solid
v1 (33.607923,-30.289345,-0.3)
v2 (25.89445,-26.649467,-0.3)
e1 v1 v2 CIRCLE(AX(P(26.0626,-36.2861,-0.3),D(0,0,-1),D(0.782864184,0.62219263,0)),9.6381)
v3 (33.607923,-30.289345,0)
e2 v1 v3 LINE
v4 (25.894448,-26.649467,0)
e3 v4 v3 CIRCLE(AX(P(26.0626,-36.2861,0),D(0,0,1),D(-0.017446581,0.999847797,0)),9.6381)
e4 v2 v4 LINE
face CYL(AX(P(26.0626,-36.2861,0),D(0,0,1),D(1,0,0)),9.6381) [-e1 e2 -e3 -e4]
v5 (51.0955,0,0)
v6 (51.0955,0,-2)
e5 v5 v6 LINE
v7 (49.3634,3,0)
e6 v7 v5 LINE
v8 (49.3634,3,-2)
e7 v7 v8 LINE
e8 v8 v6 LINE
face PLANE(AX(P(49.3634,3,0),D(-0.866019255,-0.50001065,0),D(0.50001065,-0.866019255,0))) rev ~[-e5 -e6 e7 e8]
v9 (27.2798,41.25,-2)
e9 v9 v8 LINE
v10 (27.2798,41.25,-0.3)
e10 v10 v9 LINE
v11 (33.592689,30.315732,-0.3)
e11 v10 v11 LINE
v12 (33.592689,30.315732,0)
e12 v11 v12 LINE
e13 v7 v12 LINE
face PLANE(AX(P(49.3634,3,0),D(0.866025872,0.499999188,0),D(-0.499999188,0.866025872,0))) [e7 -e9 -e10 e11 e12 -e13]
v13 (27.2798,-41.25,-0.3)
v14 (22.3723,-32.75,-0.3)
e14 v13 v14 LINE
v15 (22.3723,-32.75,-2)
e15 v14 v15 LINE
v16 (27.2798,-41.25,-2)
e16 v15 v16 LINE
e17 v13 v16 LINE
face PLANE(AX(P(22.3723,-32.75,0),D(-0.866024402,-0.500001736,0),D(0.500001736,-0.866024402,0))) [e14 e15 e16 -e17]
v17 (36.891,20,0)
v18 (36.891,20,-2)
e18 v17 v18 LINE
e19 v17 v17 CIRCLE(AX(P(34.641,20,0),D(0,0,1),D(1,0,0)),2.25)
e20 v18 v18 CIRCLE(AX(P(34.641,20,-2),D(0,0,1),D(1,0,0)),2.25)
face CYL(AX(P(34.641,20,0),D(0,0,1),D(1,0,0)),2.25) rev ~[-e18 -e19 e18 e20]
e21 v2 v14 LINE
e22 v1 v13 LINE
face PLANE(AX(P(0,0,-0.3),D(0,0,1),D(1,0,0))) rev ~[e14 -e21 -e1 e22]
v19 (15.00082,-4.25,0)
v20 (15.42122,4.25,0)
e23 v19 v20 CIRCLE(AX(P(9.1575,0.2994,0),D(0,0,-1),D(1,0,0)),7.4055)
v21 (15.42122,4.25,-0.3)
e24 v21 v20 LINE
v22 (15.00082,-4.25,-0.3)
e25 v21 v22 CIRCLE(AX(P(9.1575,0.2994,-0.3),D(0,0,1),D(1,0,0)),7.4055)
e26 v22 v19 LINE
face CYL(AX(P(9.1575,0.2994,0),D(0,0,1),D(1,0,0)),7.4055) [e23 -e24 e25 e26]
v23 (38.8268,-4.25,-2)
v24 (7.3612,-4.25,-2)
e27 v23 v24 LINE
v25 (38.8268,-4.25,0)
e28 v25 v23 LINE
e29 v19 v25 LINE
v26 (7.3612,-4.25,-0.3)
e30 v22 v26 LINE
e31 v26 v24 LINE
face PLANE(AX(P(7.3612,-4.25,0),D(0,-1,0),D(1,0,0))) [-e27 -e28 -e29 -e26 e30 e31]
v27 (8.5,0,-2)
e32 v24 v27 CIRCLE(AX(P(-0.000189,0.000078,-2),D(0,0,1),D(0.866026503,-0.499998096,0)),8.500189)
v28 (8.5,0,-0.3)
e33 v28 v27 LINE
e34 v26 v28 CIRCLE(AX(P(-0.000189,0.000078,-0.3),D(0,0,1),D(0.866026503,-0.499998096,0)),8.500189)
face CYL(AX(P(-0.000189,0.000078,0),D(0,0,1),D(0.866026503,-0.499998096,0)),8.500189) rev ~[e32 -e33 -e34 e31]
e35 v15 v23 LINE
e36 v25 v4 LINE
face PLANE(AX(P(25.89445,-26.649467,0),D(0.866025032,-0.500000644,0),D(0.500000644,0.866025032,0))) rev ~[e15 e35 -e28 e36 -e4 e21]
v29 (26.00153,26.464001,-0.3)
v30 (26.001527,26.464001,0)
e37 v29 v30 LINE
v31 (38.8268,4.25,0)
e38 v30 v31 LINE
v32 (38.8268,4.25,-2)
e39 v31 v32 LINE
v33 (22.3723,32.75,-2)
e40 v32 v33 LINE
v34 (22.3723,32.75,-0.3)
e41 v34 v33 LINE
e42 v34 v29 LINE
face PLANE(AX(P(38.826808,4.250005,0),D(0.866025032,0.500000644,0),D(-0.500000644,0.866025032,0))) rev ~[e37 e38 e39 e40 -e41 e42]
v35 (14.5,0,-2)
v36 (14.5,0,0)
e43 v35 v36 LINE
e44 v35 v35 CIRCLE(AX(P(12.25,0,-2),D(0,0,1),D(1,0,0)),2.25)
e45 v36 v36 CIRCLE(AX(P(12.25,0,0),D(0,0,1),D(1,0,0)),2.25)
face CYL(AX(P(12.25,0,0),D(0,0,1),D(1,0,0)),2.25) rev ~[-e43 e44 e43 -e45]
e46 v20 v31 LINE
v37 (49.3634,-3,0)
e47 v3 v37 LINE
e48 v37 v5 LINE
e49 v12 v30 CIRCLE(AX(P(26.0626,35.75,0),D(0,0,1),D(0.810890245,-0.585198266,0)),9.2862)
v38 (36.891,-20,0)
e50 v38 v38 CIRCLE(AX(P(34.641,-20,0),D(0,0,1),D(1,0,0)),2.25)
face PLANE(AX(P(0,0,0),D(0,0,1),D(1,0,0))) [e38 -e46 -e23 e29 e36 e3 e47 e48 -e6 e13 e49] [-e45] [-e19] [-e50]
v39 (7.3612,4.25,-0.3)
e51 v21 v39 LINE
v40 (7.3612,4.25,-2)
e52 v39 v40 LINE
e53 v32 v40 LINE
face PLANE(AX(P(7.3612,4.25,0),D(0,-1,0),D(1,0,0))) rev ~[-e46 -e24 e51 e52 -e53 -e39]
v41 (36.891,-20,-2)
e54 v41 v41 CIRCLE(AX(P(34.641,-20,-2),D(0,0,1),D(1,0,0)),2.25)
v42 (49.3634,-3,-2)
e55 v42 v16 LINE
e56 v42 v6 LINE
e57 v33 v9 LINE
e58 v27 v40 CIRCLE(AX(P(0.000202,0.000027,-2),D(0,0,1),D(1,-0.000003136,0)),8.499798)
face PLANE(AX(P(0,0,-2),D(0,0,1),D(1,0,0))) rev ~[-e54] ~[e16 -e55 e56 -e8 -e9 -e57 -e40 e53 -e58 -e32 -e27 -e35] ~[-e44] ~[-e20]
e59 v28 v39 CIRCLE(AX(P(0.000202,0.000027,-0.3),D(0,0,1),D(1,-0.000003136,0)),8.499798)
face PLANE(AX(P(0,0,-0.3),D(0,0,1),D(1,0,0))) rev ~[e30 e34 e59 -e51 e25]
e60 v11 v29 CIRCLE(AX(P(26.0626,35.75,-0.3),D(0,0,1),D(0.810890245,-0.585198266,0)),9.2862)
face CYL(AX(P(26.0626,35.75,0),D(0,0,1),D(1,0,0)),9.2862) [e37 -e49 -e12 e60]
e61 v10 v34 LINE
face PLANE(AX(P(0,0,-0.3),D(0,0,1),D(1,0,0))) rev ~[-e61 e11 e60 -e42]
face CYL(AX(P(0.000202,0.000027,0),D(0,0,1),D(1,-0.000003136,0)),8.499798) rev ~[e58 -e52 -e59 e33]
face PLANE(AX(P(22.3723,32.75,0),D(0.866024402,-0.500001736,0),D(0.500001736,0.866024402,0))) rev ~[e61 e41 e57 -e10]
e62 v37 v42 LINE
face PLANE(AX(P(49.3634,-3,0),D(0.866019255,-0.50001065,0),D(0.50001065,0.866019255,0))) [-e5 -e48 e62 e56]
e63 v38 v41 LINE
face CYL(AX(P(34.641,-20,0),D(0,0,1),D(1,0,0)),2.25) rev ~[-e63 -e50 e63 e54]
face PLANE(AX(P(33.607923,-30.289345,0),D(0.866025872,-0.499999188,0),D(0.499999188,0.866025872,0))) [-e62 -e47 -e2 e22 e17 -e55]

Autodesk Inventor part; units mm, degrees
ref_plane "YZ Plane" through (0, 0, 0) normal (1, 0, 0) x (0, 1, 0)
ref_plane "XZ Plane" through (0, 0, 0) normal (0, 1, 0) x (-1, 0, 0)
ref_plane "XY Plane" through (0, 0, 0) normal (0, 0, 1) x (1, 0, 0)
sketch "Sketch1" plane through (0, 0, 0) normal (0, 0, 1) x (1, 0, 0)
  circle A0 centre (0, 0) radius 7.5
  line L0 (-21.2869, 0) -> (22.3896, 0) construction
  line L1 (0, 21.9302) -> (0, -69.0741) construction
  line L2 (24.9778, -67) -> (-24.9778, -67) construction
  line L3 (-17.5, -57) -> (17.5, -57)
  line L4 (17.5, -57) -> (17.5, -67)
  line L5 (17.5, -67) -> (-17.5, -67)
  line L6 (-17.5, -67) -> (-17.5, -57)
  line L7 (-37.5278, -67) -> (-18.5, -67)
  line L8 (-18.5, -67) -> (-18.5, -56)
  line L9 (-17.5, -62) -> (17.5, -62) construction
  line L10 (-18.5, -59) -> (-22.5, -59)
  line L11 (-22.5, -59) -> (-22.5, -65)
  line L12 (-22.5, -65) -> (-18.5, -65)
  line L13 (-18.5, -65) -> (-18.5, -59)
  line L14 (-17.5, -60) -> (-21.5, -60)
  line L15 (-21.5, -60) -> (-21.5, -64)
  line L16 (-21.5, -64) -> (-17.5, -64)
  line L17 (-17.5, -64) -> (-17.5, -60)
  line L18 (-18.5, -56) -> (-28.8675, -56)
  line L19 (17.5, -60) -> (21.5, -60)
  line L20 (21.5, -60) -> (21.5, -64)
  line L21 (21.5, -64) -> (17.5, -64)
  line L22 (17.5, -64) -> (17.5, -60)
  line L23 (18.5, -67) -> (18.5, -56)
  line L24 (18.5, -67) -> (37.5278, -67)
  line L25 (18.5, -65) -> (22.5, -65)
  line L26 (22.5, -65) -> (22.5, -59)
  line L27 (22.5, -59) -> (18.5, -59)
  line L28 (18.5, -59) -> (18.5, -65)
  line L29 (18.5, -56) -> (28.8675, -56)
  line L30 (-23.7704, -40) -> (28.6931, -40) construction
  line L31 (-17.1762, -35.75) -> (17.1762, -35.75)
  line L32 (-22.0836, -44.25) -> (22.0836, -44.25)
  circle A1 centre (0, -40) radius 2.25
  line L33 (-7.5, -16) -> (7.5, -16)
  line L34 (7.5, -16) -> (7.5, -21)
  line L35 (7.5, -26) -> (-7.5, -26)
  line L36 (-7.5, -26) -> (-7.5, -24)
  line L37 (7.5, -21) -> (-7.5, -21) construction
  line L38 (-7.5, -18) -> (-3.5, -18)
  line L39 (-3.5, -18) -> (-3.5, -21)
  line L40 (-3.5, -24) -> (-7.5, -24)
  line L41 (-7.5, -24) -> (-7.5, -23)
  line L42 (-8.5, -19) -> (-4.5, -19)
  line L43 (-4.5, -19) -> (-4.5, -23)
  line L44 (-4.5, -23) -> (-8.5, -23)
  line L45 (-8.5, -23) -> (-8.5, -19)
  line L46 (7.5, -18) -> (3.5, -18)
  line L47 (3.5, -18) -> (3.5, -21)
  line L48 (3.5, -24) -> (7.5, -24)
  line L49 (7.5, -24) -> (7.5, -18)
  line L50 (8.5, -19) -> (4.5, -19)
  line L51 (4.5, -19) -> (4.5, -23)
  line L52 (4.5, -23) -> (8.5, -23)
  line L53 (8.5, -23) -> (8.5, -19)
  line L54 (-9.815, -19) -> (-31.1769, -56)
  line L55 (-7.5056, -19) -> (-28.8675, -56)
  line L56 (7.5056, -19) -> (28.8675, -56)
  line L57 (-4.5, -21) -> (-8.5, -21)
  line L58 (4.5, -21) -> (8.5, -21)
  line L59 (-21.5, -62) -> (-17.5, -62)
  line L60 (17.5, -62) -> (21.5, -62)
  line L61 (-22.5, -62) -> (-18.5, -62)
  line L62 (22.5, -62) -> (18.5, -62)
  line L63 (-7.5, -21) -> (-3.5, -21)
  line L64 (3.5, -21) -> (7.5, -21)
  line L65 (-28.8675, -56) -> (-31.1769, -56)
  line L66 (28.8675, -56) -> (31.1769, -56)
  line L67 (-10.8853, -24.8539) -> (-12.6173, -23.8539)
  line L68 (10.8875, -24.8576) -> (12.6195, -23.8576)
  line L69 (7.5, -23) -> (7.5, -24)
  line L70 (-7.5, -23) -> (-7.5, -21)
  line L71 (-7.5, -24) -> (-7.5, -16)
  line L72 (7.5, -24) -> (7.5, -26)
  line L73 (-7.5, -21) -> (-7.5, -18)
  line L74 (-3.5, -21) -> (-3.5, -24)
  line L75 (3.5, -21) -> (3.5, -24)
  line L76 (7.5, -21) -> (7.5, -23)
  line L77 (-18.4752, 0) -> (-9.2376, 16)
  line L78 (-9.2376, 16) -> (9.2376, 16)
  line L79 (9.2376, 16) -> (18.4752, 0)
  line L80 (18.4752, 0) -> (9.2376, -16)
  line L81 (9.2376, -16) -> (-9.2376, -16)
  line L82 (-9.2376, -16) -> (-18.4752, 0)
  line L83 (-77.3649, 0) -> (-38.6825, 67) construction
  line L84 (-38.6825, 67) -> (38.6825, 67) construction
  line L85 (38.6825, 67) -> (77.3649, 0) construction
  line L86 (77.3649, 0) -> (38.6825, -67) construction
  line L87 (38.6825, -67) -> (-38.6825, -67) construction
  line L88 (-38.6825, -67) -> (-77.3649, 0) construction
  line L89 (-9.2376, -16) -> (-38.6825, -67) construction
  line L90 (9.2376, -16) -> (38.6825, -67) construction
  line L91 (0, -16.7974) -> (0, -26) construction
  line L92 (9.815, -19) -> (31.1769, -56)
  line L93 (-8.5, -19) -> (-9.815, -19)
  line L94 (8.5, -19) -> (9.815, -19)
  line L95 (-8.5, -23) -> (-9.815, -23)
  line L96 (8.5, -23) -> (9.815, -23)
  line L97 (-31.1769, -56) -> (-37.5278, -67)
  line L98 (31.1769, -56) -> (37.5278, -67)
  circle A2 centre (12.25, 0) radius 2.25
  circle A3 centre (6.125, 10.6088) radius 2.25
  circle A4 centre (-6.125, 10.6088) radius 2.25
  circle A5 centre (-12.25, 0) radius 2.25
  circle A6 centre (-6.125, -10.6088) radius 2.25
  circle A7 centre (6.125, -10.6088) radius 2.25
  line L99 (22.3723, -32.75) -> (39.5485, -3)
  line L100 (27.2798, -41.25) -> (49.3634, -3)
  circle A8 centre (34.641, -20) radius 2.25
  line L101 (39.5485, 3) -> (22.3723, 32.75)
  line L102 (49.3634, 3) -> (27.2798, 41.25)
  circle A9 centre (34.641, 20) radius 2.25
  line L103 (17.1762, 35.75) -> (-17.1762, 35.75)
  line L104 (22.0836, 44.25) -> (-22.0836, 44.25)
  circle A10 centre (0, 40) radius 2.25
  line L105 (-22.3723, 32.75) -> (-39.5485, 3)
  line L106 (-27.2798, 41.25) -> (-49.3634, 3)
  circle A11 centre (-34.641, 20) radius 2.25
  line L107 (-39.5485, -3) -> (-22.3723, -32.75)
  line L108 (-49.3634, -3) -> (-27.2798, -41.25)
  circle A12 centre (-34.641, -20) radius 2.25
  line L109 (22.3723, -32.75) -> (27.2798, -41.25)
  line L110 (49.3634, -3) -> (51.0955, 0)
  line L111 (49.3634, 3) -> (51.0955, 0)
  line L112 (39.5485, -3) -> (41.2805, 0)
  line L113 (39.5485, 3) -> (41.2805, 0)
  line L114 (7.3612, 4.25) -> (38.8268, 4.25)
  line L115 (7.3612, -4.25) -> (38.8268, -4.25)
  arc A13 (8.5, 0) -> (7.3612, 4.25) centre (0, 0) ccw
  arc A14 (7.3612, -4.25) -> (8.5, 0) centre (0, 0) ccw
  arc A15 (7.3612, 4.25) -> (7.3612, -4.25) centre (0, 0) ccw
  line L116 (22.3723, 32.75) -> (27.2798, 41.25)
  circle A16 centre (26.0626, 35.75) radius 9.2862
  circle A17 centre (26.0626, -36.2861) radius 9.6381
  circle A18 centre (9.1575, 0.2994) radius 7.4055
  point P0 (0, -57)
  point P1 (0, -67)
  point P2 (0, -62)
  point P3 (0, -21)
  dimension "d0" = 15
  dimension "d16" = 10
  dimension "d20" = 6
  dimension "d21" = 4
  dimension "d22" = 4
  dimension "d23" = 1
  dimension "d24" = 1
  dimension "d25" = 35
  dimension "d27" = 3
  dimension "d28" = 4
  dimension "d29" = 1
  dimension "d30" = 6
  dimension "d31" = 4
  dimension "d32" = 1
  dimension "d34" = 3
  dimension "d35" = 27
  dimension "d39" = 4.5
  dimension "d41" = 2
  dimension "d42" = 2
  dimension "d44" = 10
  dimension "d45" = 4
  dimension "d46" = 6
  dimension "d48" = 4
  dimension "d49" = 1
  dimension "d50" = 4
  dimension "d52" = 6
  dimension "d53" = 4
  dimension "d54" = 4
  dimension "d55" = 1
  dimension "d56" = 4
  dimension "d57" = 15
  dimension "d60" = 2
  dimension "d81" = 16
  dimension "d83" = 67
  dimension "d84" = 1
  dimension "d86" = 2
  dimension "d87" = 1
  dimension "d88" = 5
  dimension "d89" = 3
  dimension "d90" = 3
  dimension "d112" = 4.5
  dimension "d113" = 2.5
  dimension "d116" = 360
  dimension "d120" = 360
  dimension "d122" = 2
  dimension "d123" = 2
  dimension "d124" = 1
extrude "Extrusion8" add sketch "Sketch1" against normal blind 2 contours L114 A18 L115 A14 A13 | L114 L79 L80 L115 A18 | L114 L101 L113 L112 L99 L115 L80 L79 | L101 A16 L102 L111 L110 L100 A17 L99 L112 L113 | L101 L116 L102 A16 | A17 L100 L109 L99 picked at (27.7483, 34.7719)
extrude "Extrusion9" add sketch "Sketch1" against normal blind 0.3 contours A0 A18 | A0 A18 A15 A13 A14 | A18 L114 A15 | A15 L115 A18 | L114 A18 L115 A14 A13 | A16 L102 L116 L101 | L101 L116 L102 A16 | A17 L100 L109 L99 | L99 L109 L100 A17 L92 | L92 A17 L56 | L56 L31 A17 | A17 L32 L56 | L56 L32 A17 L31 picked at (5.5176, 0.5972)
equation "\"d20\" = hinge_w"
equation "\"d21\" = hinge_d"
equation "\"d22\" = hinge_w - 2 * hinge_sp"
equation "\"d23\" = hinge_sp"
equation "\"d24\" = sp"
equation "\"d28\" = hinge_w - 2 * hinge_sp"
equation "\"d29\" = sp"
equation "\"d30\" = hinge_w"
equation "\"d31\" = hinge_d"
equation "\"d32\" = hinge_sp"
equation "\"d39\" = screw"
equation "\"d45\" = hinge_d"
equation "\"d46\" = hinge_w"
equation "\"d48\" = hinge_d"
equation "\"d49\" = hinge_sp"
equation "\"d50\" = hinge_w - 2 * hinge_sp"
equation "\"screw\" = 4.5"
equation "\"k\" = 0.4"
equation "\"sp\" = 1"
equation "\"d14\" = sp"
equation "\"d15\" = sp"
equation "\"d19\" = sp"
equation "\"hinge_d\" = 4"
equation "\"hinge_w\" = 6"
equation "\"hinge_sp\" = 1"
properties part number "RobotBase" material "Glass"
